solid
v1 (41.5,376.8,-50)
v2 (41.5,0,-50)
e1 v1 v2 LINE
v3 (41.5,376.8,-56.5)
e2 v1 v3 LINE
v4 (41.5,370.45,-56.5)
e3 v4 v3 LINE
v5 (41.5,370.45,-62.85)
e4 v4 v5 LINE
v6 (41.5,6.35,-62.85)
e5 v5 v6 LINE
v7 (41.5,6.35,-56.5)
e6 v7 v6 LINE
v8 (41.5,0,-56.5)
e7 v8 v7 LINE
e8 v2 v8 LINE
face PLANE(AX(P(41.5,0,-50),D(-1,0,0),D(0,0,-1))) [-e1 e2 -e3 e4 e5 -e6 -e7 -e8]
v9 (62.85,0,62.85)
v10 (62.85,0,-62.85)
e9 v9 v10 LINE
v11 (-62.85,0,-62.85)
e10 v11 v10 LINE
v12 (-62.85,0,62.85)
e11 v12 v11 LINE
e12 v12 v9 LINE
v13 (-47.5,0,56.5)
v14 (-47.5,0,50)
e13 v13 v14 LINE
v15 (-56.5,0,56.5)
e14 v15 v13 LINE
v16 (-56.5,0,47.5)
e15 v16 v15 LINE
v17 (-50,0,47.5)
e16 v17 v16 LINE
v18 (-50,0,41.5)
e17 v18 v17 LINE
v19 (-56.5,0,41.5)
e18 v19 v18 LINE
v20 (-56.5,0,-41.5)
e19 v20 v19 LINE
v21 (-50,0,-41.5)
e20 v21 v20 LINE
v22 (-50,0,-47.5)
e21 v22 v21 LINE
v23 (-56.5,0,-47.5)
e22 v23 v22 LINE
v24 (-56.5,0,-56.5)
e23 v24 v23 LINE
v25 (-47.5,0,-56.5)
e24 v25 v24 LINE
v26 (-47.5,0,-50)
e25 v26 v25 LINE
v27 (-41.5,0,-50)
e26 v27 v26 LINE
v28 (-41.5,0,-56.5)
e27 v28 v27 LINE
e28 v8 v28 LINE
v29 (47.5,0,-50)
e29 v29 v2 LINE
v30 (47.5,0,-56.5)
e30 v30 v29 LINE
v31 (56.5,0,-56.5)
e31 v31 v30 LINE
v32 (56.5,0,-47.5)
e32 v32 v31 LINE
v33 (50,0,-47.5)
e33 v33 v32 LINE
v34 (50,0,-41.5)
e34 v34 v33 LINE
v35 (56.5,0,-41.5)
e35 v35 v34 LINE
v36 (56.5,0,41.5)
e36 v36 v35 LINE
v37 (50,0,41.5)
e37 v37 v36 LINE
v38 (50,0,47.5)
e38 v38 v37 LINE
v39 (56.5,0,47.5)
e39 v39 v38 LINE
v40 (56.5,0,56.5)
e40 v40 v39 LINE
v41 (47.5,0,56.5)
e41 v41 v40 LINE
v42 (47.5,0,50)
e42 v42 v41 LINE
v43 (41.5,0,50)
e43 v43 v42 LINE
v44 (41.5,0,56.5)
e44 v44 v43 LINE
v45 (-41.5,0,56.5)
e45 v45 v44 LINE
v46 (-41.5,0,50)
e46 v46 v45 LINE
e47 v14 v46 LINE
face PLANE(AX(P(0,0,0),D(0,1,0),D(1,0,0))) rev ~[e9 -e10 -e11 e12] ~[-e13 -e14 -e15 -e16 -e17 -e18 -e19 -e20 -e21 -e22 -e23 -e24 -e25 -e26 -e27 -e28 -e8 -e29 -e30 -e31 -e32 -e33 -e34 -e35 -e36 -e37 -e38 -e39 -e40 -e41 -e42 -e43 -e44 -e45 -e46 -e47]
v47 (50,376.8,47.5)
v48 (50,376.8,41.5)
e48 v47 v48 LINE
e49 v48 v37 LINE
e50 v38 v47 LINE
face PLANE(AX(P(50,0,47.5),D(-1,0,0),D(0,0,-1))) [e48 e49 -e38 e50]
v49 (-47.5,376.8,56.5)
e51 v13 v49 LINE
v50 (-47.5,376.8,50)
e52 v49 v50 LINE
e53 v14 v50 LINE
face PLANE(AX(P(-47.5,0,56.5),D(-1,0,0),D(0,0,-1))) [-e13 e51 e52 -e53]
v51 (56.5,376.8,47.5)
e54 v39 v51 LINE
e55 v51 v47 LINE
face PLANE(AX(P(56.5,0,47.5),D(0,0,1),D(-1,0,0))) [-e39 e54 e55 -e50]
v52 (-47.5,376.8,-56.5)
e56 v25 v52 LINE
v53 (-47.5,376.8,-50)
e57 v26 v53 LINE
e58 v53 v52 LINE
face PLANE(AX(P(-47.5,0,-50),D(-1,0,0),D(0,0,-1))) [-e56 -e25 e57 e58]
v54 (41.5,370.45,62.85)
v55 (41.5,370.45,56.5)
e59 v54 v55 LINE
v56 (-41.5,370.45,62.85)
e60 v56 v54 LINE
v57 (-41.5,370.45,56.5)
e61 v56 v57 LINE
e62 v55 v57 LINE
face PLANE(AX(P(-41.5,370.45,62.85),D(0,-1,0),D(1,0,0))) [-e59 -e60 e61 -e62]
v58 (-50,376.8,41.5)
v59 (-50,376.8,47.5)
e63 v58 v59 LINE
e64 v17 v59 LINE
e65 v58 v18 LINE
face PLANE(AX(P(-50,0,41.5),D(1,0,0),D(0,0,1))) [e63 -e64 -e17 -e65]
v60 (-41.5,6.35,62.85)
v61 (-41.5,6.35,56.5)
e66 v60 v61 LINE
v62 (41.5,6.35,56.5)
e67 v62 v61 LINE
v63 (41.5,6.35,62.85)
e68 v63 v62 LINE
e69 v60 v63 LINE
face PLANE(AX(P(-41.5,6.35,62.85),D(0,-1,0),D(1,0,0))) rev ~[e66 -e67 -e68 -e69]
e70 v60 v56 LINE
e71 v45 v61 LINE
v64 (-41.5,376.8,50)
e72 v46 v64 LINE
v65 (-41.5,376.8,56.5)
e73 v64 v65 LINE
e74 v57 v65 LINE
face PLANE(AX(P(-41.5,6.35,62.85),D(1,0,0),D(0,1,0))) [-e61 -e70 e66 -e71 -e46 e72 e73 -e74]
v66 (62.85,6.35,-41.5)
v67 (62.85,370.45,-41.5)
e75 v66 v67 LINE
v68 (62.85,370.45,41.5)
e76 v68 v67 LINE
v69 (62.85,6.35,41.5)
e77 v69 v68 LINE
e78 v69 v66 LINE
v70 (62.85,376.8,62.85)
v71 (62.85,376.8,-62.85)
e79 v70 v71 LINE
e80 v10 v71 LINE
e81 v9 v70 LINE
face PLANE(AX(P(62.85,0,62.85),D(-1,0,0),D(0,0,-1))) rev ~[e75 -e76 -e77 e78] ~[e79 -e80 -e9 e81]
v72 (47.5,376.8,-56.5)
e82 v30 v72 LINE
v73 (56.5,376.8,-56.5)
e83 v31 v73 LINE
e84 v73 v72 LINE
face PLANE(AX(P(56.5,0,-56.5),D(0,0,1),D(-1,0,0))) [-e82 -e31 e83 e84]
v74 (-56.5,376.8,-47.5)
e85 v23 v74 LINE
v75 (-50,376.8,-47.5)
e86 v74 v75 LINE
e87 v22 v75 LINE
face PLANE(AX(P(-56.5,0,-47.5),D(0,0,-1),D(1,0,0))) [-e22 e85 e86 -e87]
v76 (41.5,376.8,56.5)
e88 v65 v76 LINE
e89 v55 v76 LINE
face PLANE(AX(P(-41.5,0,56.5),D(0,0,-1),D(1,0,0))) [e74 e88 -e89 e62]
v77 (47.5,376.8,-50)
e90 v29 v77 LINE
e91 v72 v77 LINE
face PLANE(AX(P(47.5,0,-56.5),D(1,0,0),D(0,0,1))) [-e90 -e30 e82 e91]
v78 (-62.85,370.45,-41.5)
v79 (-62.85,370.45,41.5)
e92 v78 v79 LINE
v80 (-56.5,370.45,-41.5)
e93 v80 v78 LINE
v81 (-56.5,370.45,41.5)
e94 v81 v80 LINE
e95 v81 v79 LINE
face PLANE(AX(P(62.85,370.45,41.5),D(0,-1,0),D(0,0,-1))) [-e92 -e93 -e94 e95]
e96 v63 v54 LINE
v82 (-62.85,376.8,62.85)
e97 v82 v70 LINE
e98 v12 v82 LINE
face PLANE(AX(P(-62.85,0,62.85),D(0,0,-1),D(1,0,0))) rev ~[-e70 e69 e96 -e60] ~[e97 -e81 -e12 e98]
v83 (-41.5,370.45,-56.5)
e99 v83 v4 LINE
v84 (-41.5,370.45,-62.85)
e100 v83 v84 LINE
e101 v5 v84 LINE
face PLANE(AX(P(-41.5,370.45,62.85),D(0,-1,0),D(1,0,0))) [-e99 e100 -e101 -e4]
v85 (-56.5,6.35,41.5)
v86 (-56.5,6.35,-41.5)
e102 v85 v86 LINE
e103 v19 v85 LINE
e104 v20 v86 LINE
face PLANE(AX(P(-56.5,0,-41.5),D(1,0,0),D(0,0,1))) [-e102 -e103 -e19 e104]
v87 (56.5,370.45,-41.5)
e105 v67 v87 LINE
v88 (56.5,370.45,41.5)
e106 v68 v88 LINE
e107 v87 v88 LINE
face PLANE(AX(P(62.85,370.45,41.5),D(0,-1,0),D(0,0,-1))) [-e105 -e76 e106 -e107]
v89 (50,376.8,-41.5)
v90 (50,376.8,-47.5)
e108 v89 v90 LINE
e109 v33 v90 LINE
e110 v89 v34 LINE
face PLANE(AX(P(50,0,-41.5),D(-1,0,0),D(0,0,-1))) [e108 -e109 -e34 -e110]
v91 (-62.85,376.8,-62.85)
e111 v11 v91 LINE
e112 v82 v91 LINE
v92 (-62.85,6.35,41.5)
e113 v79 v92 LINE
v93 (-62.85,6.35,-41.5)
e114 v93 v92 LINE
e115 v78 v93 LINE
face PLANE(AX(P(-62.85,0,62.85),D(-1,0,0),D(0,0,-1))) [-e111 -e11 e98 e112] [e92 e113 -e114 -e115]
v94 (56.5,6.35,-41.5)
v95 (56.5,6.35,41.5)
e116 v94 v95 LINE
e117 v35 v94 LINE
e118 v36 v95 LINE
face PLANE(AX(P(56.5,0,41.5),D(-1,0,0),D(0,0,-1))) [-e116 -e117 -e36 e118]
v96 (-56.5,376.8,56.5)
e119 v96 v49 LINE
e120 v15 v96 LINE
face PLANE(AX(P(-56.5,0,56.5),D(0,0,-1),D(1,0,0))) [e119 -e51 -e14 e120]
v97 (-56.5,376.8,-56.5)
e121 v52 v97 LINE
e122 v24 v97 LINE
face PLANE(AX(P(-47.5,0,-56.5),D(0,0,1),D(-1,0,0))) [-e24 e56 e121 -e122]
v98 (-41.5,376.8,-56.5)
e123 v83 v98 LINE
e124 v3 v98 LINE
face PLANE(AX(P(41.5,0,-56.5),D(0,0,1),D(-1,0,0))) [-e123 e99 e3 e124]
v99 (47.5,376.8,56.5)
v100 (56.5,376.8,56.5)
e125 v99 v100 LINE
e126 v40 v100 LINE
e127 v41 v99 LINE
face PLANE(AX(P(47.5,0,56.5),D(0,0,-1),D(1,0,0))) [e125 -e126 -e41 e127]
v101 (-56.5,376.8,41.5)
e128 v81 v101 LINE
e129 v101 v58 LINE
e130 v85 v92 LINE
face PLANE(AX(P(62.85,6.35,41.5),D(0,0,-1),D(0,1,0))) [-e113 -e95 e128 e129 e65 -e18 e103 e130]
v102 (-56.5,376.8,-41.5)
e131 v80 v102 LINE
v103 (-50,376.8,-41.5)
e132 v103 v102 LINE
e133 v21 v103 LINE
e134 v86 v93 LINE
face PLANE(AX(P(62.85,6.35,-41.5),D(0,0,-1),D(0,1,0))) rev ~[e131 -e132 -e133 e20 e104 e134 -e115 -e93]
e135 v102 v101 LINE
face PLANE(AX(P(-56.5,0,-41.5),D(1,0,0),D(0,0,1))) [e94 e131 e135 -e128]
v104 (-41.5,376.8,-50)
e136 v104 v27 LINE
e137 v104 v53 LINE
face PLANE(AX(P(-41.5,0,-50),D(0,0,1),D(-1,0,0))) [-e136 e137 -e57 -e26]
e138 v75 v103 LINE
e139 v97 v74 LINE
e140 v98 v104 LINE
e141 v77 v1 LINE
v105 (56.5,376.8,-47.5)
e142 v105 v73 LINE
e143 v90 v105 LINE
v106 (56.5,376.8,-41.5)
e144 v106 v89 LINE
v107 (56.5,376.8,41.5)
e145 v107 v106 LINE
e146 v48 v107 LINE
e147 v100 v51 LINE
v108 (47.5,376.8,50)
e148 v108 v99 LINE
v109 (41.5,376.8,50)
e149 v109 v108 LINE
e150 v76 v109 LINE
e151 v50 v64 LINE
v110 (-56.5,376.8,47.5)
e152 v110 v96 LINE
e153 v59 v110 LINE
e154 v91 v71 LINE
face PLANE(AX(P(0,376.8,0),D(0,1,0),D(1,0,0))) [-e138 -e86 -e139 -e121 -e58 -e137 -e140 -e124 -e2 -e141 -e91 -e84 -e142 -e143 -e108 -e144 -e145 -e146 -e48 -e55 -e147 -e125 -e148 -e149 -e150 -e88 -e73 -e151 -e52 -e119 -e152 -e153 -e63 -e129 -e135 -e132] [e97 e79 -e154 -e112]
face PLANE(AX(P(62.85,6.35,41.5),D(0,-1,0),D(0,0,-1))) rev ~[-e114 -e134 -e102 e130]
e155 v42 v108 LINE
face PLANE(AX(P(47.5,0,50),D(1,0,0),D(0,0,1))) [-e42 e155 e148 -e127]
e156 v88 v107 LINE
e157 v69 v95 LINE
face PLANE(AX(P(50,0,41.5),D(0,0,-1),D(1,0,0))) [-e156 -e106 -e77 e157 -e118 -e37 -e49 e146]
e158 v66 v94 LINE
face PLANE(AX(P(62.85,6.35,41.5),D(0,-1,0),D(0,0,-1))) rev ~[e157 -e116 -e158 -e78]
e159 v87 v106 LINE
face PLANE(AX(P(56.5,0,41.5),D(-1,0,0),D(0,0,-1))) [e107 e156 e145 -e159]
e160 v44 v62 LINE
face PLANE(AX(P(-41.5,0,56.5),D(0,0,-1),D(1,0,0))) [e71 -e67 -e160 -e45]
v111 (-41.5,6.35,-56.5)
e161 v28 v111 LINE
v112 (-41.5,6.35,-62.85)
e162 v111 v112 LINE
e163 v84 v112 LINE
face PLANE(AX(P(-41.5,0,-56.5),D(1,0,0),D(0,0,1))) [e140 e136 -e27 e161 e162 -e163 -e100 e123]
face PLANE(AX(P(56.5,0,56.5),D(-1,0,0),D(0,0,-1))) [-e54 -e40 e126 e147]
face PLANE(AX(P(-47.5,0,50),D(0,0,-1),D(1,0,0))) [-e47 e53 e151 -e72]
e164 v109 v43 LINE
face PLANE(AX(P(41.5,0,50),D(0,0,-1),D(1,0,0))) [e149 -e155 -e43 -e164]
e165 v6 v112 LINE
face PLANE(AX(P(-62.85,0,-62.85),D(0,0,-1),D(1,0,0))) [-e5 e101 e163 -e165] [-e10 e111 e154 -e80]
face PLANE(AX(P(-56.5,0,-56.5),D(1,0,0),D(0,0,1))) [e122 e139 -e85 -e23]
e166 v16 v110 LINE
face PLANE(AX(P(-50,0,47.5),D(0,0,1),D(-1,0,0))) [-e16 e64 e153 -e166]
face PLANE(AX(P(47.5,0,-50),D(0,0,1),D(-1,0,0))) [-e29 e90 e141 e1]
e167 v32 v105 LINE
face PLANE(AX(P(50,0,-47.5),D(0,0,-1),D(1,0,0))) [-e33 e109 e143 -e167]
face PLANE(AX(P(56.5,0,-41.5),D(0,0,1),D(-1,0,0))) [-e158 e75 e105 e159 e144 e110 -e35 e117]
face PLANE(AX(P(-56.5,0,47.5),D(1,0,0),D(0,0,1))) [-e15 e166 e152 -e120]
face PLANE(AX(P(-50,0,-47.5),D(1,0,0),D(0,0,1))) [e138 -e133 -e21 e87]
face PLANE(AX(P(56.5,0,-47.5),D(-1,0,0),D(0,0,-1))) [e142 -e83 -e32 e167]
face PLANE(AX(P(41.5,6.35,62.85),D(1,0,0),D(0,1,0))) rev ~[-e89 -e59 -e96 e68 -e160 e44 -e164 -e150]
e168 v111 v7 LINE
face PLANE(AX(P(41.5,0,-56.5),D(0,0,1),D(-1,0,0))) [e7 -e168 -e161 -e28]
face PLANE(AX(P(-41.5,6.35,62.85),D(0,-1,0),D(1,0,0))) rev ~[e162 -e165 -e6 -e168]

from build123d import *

# Parameters (mm, degrees)
SKETCH1_W           = 125.7
SKETCH1_H           = 125.7
BOSS_EXTRUDE1_DEPTH = 376.8
SKETCH3_W           = 83
SKETCH3_H           = 364.1
CUT_EXTRUDE1_DEPTH  = 126.35
SKETCH5_W           = 83
SKETCH5_H           = 364.1
CUT_EXTRUDE2_DEPTH  = 126.35


with BuildPart() as part:
    # Sketch1 → Boss-Extrude1 (new body)
    with BuildSketch(Plane(origin=(0, 0, 0), x_dir=(1, 0, 0), z_dir=(0, 1, 0))):
        Rectangle(SKETCH1_W, SKETCH1_H)
        Polygon((-47.5, -56.5), (-47.5, -50), (-41.5, -50), (-41.5, -56.5), (41.5, -56.5), (41.5, -50), (47.5, -50), (47.5, -56.5), (56.5, -56.5), (56.5, -47.5), (50, -47.5), (50, -41.5), (56.5, -41.5), (56.5, 41.5), (50, 41.5), (50, 47.5), (56.5, 47.5), (56.5, 56.5), (47.5, 56.5), (47.5, 50), (41.5, 50), (41.5, 56.5), (-41.5, 56.5), (-41.5, 50), (-47.5, 50), (-47.5, 56.5), (-56.5, 56.5), (-56.5, 47.5), (-50, 47.5), (-50, 41.5), (-56.5, 41.5), (-56.5, -41.5), (-50, -41.5), (-50, -47.5), (-56.5, -47.5), (-56.5, -56.5), align=None, mode=Mode.SUBTRACT)
    extrude(amount=BOSS_EXTRUDE1_DEPTH)

    # Sketch3 → Cut-Extrude1 (cut)
    with BuildSketch(Plane(origin=(62.85, 0, 0), x_dir=(0, 0, -1), z_dir=(1, 0, 0))):
        with Locations((0, 188.4)):
            Rectangle(SKETCH3_W, SKETCH3_H)
    extrude(amount=-CUT_EXTRUDE1_DEPTH, mode=Mode.SUBTRACT)

    # Sketch5 → Cut-Extrude2 (cut)
    with BuildSketch(Plane.XY.offset(62.85)):
        with Locations((0, 188.4)):
            Rectangle(SKETCH5_W, SKETCH5_H)
    extrude(amount=-CUT_EXTRUDE2_DEPTH, mode=Mode.SUBTRACT)


solid = part.part
